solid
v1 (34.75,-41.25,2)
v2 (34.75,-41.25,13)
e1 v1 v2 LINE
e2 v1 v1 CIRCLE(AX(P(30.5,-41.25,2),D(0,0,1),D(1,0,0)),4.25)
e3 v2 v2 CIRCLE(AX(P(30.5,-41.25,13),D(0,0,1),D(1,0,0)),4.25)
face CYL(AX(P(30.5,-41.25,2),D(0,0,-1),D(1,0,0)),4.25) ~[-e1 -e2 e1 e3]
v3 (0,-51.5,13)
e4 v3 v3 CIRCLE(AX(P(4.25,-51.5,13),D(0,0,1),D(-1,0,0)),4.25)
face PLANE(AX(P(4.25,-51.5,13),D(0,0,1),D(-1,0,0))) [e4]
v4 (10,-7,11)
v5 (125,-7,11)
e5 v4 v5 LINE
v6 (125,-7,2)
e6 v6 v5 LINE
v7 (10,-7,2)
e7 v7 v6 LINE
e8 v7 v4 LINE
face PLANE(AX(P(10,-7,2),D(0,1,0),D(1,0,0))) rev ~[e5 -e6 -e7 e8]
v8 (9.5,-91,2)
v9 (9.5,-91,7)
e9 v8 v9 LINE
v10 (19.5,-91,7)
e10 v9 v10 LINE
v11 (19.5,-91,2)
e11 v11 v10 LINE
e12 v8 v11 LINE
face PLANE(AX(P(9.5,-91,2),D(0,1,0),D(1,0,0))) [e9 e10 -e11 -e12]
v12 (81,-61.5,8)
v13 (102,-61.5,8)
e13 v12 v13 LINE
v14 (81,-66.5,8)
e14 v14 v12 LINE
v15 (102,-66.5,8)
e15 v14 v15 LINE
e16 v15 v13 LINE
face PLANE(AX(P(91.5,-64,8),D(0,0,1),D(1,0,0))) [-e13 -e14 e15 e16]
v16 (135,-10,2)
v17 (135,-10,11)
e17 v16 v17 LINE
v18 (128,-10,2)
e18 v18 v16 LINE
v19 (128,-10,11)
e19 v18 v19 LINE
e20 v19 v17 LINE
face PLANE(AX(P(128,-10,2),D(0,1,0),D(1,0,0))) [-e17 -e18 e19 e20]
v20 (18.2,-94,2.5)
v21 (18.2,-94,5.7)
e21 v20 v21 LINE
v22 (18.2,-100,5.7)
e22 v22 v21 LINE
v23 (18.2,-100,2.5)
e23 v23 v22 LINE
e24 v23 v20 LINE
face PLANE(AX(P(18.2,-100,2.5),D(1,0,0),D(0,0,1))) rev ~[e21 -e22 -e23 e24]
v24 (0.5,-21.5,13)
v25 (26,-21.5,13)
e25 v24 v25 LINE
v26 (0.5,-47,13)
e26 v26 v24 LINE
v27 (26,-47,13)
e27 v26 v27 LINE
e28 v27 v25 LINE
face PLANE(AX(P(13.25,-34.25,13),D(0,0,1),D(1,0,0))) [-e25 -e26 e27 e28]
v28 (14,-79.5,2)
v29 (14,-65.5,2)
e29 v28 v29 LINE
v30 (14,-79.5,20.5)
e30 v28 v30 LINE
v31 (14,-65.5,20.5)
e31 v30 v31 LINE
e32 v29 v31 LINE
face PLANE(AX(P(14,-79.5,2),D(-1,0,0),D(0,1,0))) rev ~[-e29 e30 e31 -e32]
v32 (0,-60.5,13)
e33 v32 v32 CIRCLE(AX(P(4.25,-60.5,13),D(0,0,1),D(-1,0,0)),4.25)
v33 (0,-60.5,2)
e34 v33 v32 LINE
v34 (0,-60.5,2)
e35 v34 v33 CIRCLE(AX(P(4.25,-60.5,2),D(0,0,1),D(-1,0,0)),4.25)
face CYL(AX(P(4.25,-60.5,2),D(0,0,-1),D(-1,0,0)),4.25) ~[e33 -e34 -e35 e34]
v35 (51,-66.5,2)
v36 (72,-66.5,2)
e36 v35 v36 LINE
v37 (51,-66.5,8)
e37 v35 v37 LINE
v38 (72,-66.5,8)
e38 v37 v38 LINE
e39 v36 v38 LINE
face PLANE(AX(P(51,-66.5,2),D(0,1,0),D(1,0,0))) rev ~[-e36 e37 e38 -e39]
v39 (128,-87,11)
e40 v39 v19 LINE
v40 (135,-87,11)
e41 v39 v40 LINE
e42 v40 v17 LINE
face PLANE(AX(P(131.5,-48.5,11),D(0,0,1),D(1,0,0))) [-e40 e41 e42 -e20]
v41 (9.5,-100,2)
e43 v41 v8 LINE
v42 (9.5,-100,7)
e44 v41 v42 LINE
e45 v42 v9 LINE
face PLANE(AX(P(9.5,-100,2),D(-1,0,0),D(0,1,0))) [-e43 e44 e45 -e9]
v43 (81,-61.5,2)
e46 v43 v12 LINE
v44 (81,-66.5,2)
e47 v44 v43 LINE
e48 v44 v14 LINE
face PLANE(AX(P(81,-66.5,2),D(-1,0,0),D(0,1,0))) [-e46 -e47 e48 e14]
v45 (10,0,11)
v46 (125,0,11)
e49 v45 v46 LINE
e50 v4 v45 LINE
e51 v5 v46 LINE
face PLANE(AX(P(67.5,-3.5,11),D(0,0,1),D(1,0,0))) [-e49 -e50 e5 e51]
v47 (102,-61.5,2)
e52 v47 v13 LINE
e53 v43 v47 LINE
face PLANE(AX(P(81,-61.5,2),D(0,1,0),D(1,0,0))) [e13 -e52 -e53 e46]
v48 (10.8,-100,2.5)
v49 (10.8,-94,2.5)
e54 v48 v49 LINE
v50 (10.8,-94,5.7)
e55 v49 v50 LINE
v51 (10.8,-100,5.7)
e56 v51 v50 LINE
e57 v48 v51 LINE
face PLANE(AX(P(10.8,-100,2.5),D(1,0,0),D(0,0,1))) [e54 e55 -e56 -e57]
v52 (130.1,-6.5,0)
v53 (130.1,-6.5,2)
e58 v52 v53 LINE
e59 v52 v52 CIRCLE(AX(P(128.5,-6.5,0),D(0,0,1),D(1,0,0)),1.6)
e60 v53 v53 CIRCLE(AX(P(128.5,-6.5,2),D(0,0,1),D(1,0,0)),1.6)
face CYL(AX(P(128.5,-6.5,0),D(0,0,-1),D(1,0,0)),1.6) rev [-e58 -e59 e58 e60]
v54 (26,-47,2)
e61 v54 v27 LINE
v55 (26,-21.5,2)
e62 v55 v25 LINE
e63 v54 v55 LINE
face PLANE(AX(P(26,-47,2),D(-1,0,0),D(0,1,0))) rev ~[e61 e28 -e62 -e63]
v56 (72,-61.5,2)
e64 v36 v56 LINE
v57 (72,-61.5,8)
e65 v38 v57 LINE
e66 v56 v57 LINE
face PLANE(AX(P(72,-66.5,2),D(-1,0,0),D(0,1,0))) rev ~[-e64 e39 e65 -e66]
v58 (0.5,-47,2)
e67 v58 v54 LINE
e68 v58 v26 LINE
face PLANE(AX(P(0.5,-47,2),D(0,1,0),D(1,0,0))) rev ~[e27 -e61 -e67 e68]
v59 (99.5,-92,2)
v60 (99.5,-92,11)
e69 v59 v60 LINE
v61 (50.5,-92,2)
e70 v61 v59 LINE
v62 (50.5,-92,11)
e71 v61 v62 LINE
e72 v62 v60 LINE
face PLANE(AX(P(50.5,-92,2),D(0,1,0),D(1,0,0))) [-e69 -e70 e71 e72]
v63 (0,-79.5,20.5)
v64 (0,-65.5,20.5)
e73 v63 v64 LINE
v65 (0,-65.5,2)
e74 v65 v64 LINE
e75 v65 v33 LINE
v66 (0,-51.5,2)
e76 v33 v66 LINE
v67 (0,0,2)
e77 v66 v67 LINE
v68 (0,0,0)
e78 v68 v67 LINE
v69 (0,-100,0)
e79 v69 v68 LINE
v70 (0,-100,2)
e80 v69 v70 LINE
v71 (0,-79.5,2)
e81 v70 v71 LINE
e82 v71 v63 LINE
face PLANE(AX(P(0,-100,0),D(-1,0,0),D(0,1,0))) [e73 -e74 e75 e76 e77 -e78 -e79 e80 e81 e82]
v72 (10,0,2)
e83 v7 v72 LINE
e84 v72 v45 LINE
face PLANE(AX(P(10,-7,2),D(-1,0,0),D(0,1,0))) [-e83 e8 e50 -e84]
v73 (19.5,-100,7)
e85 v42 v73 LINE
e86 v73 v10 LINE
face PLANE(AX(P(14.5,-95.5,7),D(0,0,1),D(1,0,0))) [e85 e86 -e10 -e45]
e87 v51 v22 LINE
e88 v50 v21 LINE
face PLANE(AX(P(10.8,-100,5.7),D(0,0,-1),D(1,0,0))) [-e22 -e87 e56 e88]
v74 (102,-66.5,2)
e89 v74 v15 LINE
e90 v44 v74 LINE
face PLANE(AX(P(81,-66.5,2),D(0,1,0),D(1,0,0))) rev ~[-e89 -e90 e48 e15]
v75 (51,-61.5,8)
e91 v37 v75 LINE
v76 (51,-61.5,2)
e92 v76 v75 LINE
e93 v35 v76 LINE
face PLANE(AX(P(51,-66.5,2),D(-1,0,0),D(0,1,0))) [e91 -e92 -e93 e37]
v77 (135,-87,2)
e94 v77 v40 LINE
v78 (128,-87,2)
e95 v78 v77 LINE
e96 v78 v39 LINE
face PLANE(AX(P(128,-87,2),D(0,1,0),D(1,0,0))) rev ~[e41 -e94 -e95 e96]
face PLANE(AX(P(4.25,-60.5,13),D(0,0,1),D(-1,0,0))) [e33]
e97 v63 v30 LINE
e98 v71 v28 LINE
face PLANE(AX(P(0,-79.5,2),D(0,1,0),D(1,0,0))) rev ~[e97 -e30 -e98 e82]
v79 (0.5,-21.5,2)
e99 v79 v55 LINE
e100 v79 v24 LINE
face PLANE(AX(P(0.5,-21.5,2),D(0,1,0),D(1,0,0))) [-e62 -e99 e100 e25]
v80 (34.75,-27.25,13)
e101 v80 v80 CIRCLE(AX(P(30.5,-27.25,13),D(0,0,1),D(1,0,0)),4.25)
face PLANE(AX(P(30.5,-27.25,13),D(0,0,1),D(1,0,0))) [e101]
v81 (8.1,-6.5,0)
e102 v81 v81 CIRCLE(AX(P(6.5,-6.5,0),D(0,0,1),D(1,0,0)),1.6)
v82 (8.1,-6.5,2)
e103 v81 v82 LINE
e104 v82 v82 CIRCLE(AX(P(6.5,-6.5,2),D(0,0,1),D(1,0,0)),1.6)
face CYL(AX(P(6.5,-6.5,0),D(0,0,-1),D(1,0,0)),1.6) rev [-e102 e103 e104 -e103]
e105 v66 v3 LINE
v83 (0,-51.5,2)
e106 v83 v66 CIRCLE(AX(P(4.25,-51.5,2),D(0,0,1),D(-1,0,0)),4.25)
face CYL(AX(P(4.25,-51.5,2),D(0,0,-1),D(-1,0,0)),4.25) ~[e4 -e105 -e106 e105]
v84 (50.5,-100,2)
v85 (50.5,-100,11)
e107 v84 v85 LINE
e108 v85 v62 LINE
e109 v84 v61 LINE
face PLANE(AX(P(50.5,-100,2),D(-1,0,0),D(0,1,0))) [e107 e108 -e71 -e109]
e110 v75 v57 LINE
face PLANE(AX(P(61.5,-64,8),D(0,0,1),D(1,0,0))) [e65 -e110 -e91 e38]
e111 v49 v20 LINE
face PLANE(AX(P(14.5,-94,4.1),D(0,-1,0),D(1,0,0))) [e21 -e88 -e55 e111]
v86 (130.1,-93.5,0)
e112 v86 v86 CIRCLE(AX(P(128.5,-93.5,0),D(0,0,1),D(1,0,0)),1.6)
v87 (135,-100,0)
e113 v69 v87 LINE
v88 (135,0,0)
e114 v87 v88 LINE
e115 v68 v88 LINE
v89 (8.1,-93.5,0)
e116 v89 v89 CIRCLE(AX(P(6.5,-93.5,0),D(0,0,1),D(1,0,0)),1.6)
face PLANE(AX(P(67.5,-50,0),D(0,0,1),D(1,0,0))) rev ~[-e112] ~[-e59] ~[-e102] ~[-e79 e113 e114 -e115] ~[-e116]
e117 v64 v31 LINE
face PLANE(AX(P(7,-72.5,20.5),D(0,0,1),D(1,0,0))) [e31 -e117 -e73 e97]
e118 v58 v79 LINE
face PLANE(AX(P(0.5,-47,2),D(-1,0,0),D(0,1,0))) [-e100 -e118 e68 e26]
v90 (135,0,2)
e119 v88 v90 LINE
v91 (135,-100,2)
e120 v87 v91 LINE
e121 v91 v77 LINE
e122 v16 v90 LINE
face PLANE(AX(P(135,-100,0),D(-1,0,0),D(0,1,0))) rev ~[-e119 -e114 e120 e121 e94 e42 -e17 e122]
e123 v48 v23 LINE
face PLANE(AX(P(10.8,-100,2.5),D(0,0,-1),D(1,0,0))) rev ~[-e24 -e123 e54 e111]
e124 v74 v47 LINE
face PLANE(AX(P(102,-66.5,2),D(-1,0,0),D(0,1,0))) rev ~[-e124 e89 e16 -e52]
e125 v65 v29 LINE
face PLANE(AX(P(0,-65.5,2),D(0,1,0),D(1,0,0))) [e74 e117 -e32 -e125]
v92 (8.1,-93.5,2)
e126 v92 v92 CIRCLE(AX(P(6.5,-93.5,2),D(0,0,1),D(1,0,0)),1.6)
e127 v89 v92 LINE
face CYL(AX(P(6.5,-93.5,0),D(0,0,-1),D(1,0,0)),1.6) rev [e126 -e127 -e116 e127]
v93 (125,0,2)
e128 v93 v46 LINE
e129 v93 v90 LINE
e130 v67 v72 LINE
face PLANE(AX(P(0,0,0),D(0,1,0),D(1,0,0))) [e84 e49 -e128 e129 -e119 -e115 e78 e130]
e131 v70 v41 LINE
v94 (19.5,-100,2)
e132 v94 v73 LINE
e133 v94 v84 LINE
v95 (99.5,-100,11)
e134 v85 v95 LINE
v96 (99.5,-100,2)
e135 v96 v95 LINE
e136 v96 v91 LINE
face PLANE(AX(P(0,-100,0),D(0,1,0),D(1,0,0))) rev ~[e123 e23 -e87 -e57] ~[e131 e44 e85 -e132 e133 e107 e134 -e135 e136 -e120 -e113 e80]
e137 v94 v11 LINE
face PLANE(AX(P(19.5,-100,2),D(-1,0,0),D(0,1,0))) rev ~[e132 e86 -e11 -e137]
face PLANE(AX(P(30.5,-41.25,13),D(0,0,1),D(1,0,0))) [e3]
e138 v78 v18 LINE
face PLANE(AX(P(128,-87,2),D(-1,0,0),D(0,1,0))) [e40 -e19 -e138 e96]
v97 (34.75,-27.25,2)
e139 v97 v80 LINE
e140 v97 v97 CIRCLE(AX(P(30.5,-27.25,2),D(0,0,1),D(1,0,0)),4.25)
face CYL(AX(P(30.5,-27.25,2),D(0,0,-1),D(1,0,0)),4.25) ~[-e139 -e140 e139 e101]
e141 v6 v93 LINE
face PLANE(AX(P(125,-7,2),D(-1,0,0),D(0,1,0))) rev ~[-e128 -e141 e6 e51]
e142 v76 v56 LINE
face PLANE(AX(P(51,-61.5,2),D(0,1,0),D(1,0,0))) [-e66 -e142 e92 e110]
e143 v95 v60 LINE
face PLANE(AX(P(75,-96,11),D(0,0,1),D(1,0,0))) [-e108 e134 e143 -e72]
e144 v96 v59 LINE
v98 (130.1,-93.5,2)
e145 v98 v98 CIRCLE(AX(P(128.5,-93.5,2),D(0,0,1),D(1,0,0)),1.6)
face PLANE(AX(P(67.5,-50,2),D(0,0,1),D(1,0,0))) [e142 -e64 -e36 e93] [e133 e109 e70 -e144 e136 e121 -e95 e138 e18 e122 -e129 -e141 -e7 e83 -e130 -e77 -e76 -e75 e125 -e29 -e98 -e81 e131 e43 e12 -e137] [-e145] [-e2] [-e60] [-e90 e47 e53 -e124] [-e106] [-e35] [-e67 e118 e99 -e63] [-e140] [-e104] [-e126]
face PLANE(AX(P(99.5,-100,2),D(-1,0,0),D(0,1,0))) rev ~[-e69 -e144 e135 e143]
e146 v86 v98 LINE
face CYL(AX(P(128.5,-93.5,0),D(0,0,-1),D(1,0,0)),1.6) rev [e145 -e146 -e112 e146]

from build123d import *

# Parameters (mm, degrees)
SKETCH_1_W          = 135
SKETCH_1_H          = 100
SKETCH_1_R          = 1.6
EXTRUDE_1_DEPTH     = 2
SKETCH_2_W          = 10
SKETCH_2_H          = 9
EXTRUDE_2_DEPTH     = 5
SKETCH_3_W          = 115
SKETCH_3_H          = 7
EXTRUDE_3_DEPTH     = 9
SKETCH_4_W          = 7
SKETCH_4_H          = 77
EXTRUDE_4_DEPTH     = 9
SKETCH_5_W          = 49
SKETCH_5_H          = 8
EXTRUDE_5_DEPTH     = 9
SKETCH_6_W          = 25.5
SKETCH_6_H          = 25.5
EXTRUDE_6_DEPTH     = 11
SKETCH_6_5_R        = 4.25
EXTRUDE_10_DEPTH    = 11
SKETCH_6_6_W        = 14
SKETCH_6_6_H        = 14
EXTRUDE_11_DEPTH    = 18.5
SKETCH_8_W          = 21
SKETCH_8_H          = 5
EXTRUDE_12_DEPTH    = 6
SKETCH_9_W          = 7.4
SKETCH_9_H          = 3.2
CUT_EXTRUDE_1_DEPTH = 6


with BuildPart() as part:
    # 草图1 → 凸台-拉伸1 (new body)
    with BuildSketch(Plane.XY):
        with Locations((67.5, -50)):
            Rectangle(SKETCH_1_W, SKETCH_1_H)
        with Locations((6.5, -6.5)):
            Circle(SKETCH_1_R, mode=Mode.SUBTRACT)
        with Locations((128.5, -6.5)):
            Circle(SKETCH_1_R, mode=Mode.SUBTRACT)
        with Locations((6.5, -93.5)):
            Circle(SKETCH_1_R, mode=Mode.SUBTRACT)
        with Locations((128.5, -93.5)):
            Circle(SKETCH_1_R, mode=Mode.SUBTRACT)
    extrude(amount=EXTRUDE_1_DEPTH)

    # 草图2 → 凸台-拉伸2 (add)
    with BuildSketch(Plane.XY.offset(2)):
        with Locations((14.5, -95.5)):
            Rectangle(SKETCH_2_W, SKETCH_2_H)
    extrude(amount=EXTRUDE_2_DEPTH)

    # 草图3 → 凸台-拉伸3 (add)
    with BuildSketch(Plane.XY.offset(2)):
        with Locations((67.5, -3.5)):
            Rectangle(SKETCH_3_W, SKETCH_3_H)
    extrude(amount=EXTRUDE_3_DEPTH)

    # 草图4 → 凸台-拉伸4 (add)
    with BuildSketch(Plane.XY.offset(2)):
        with Locations((131.5, -48.5)):
            Rectangle(SKETCH_4_W, SKETCH_4_H)
    extrude(amount=EXTRUDE_4_DEPTH)

    # 草图5 → 凸台-拉伸5 (add)
    with BuildSketch(Plane.XY.offset(2)):
        with Locations((75, -96)):
            Rectangle(SKETCH_5_W, SKETCH_5_H)
    extrude(amount=EXTRUDE_5_DEPTH)

    # 草图6 → 凸台-拉伸6 (add)
    with BuildSketch(Plane.XY.offset(2)):
        with Locations((13.25, -34.25)):
            Rectangle(SKETCH_6_W, SKETCH_6_H)
    extrude(amount=EXTRUDE_6_DEPTH)

    # 草图6<5> → 凸台-拉伸10 (add)
    with BuildSketch(Plane.XY.offset(2)):
        with Locations((30.5, -27.25)):
            Circle(SKETCH_6_5_R)
        with Locations((30.5, -41.25)):
            Circle(SKETCH_6_5_R)
        with Locations((4.25, -60.5)):
            Circle(SKETCH_6_5_R)
        with Locations((4.25, -51.5)):
            Circle(SKETCH_6_5_R)
    extrude(amount=EXTRUDE_10_DEPTH)

    # 草图6<6> → 凸台-拉伸11 (add)
    with BuildSketch(Plane.XY.offset(2)):
        with Locations((7, -72.5)):
            Rectangle(SKETCH_6_6_W, SKETCH_6_6_H)
    extrude(amount=EXTRUDE_11_DEPTH)

    # 草图8 → 凸台-拉伸12 (add)
    with BuildSketch(Plane.XY.offset(2)):
        with Locations((61.5, -64)):
            Rectangle(SKETCH_8_W, SKETCH_8_H)
        with Locations((91.5, -64)):
            Rectangle(SKETCH_8_W, SKETCH_8_H)
    extrude(amount=EXTRUDE_12_DEPTH)

    # 草图9 → 切除-拉伸1 (cut)
    with BuildSketch(Plane.XZ.offset(100)):
        with Locations((14.5, 4.1)):
            Rectangle(SKETCH_9_W, SKETCH_9_H)
    extrude(amount=-CUT_EXTRUDE_1_DEPTH, mode=Mode.SUBTRACT)


solid = part.part
